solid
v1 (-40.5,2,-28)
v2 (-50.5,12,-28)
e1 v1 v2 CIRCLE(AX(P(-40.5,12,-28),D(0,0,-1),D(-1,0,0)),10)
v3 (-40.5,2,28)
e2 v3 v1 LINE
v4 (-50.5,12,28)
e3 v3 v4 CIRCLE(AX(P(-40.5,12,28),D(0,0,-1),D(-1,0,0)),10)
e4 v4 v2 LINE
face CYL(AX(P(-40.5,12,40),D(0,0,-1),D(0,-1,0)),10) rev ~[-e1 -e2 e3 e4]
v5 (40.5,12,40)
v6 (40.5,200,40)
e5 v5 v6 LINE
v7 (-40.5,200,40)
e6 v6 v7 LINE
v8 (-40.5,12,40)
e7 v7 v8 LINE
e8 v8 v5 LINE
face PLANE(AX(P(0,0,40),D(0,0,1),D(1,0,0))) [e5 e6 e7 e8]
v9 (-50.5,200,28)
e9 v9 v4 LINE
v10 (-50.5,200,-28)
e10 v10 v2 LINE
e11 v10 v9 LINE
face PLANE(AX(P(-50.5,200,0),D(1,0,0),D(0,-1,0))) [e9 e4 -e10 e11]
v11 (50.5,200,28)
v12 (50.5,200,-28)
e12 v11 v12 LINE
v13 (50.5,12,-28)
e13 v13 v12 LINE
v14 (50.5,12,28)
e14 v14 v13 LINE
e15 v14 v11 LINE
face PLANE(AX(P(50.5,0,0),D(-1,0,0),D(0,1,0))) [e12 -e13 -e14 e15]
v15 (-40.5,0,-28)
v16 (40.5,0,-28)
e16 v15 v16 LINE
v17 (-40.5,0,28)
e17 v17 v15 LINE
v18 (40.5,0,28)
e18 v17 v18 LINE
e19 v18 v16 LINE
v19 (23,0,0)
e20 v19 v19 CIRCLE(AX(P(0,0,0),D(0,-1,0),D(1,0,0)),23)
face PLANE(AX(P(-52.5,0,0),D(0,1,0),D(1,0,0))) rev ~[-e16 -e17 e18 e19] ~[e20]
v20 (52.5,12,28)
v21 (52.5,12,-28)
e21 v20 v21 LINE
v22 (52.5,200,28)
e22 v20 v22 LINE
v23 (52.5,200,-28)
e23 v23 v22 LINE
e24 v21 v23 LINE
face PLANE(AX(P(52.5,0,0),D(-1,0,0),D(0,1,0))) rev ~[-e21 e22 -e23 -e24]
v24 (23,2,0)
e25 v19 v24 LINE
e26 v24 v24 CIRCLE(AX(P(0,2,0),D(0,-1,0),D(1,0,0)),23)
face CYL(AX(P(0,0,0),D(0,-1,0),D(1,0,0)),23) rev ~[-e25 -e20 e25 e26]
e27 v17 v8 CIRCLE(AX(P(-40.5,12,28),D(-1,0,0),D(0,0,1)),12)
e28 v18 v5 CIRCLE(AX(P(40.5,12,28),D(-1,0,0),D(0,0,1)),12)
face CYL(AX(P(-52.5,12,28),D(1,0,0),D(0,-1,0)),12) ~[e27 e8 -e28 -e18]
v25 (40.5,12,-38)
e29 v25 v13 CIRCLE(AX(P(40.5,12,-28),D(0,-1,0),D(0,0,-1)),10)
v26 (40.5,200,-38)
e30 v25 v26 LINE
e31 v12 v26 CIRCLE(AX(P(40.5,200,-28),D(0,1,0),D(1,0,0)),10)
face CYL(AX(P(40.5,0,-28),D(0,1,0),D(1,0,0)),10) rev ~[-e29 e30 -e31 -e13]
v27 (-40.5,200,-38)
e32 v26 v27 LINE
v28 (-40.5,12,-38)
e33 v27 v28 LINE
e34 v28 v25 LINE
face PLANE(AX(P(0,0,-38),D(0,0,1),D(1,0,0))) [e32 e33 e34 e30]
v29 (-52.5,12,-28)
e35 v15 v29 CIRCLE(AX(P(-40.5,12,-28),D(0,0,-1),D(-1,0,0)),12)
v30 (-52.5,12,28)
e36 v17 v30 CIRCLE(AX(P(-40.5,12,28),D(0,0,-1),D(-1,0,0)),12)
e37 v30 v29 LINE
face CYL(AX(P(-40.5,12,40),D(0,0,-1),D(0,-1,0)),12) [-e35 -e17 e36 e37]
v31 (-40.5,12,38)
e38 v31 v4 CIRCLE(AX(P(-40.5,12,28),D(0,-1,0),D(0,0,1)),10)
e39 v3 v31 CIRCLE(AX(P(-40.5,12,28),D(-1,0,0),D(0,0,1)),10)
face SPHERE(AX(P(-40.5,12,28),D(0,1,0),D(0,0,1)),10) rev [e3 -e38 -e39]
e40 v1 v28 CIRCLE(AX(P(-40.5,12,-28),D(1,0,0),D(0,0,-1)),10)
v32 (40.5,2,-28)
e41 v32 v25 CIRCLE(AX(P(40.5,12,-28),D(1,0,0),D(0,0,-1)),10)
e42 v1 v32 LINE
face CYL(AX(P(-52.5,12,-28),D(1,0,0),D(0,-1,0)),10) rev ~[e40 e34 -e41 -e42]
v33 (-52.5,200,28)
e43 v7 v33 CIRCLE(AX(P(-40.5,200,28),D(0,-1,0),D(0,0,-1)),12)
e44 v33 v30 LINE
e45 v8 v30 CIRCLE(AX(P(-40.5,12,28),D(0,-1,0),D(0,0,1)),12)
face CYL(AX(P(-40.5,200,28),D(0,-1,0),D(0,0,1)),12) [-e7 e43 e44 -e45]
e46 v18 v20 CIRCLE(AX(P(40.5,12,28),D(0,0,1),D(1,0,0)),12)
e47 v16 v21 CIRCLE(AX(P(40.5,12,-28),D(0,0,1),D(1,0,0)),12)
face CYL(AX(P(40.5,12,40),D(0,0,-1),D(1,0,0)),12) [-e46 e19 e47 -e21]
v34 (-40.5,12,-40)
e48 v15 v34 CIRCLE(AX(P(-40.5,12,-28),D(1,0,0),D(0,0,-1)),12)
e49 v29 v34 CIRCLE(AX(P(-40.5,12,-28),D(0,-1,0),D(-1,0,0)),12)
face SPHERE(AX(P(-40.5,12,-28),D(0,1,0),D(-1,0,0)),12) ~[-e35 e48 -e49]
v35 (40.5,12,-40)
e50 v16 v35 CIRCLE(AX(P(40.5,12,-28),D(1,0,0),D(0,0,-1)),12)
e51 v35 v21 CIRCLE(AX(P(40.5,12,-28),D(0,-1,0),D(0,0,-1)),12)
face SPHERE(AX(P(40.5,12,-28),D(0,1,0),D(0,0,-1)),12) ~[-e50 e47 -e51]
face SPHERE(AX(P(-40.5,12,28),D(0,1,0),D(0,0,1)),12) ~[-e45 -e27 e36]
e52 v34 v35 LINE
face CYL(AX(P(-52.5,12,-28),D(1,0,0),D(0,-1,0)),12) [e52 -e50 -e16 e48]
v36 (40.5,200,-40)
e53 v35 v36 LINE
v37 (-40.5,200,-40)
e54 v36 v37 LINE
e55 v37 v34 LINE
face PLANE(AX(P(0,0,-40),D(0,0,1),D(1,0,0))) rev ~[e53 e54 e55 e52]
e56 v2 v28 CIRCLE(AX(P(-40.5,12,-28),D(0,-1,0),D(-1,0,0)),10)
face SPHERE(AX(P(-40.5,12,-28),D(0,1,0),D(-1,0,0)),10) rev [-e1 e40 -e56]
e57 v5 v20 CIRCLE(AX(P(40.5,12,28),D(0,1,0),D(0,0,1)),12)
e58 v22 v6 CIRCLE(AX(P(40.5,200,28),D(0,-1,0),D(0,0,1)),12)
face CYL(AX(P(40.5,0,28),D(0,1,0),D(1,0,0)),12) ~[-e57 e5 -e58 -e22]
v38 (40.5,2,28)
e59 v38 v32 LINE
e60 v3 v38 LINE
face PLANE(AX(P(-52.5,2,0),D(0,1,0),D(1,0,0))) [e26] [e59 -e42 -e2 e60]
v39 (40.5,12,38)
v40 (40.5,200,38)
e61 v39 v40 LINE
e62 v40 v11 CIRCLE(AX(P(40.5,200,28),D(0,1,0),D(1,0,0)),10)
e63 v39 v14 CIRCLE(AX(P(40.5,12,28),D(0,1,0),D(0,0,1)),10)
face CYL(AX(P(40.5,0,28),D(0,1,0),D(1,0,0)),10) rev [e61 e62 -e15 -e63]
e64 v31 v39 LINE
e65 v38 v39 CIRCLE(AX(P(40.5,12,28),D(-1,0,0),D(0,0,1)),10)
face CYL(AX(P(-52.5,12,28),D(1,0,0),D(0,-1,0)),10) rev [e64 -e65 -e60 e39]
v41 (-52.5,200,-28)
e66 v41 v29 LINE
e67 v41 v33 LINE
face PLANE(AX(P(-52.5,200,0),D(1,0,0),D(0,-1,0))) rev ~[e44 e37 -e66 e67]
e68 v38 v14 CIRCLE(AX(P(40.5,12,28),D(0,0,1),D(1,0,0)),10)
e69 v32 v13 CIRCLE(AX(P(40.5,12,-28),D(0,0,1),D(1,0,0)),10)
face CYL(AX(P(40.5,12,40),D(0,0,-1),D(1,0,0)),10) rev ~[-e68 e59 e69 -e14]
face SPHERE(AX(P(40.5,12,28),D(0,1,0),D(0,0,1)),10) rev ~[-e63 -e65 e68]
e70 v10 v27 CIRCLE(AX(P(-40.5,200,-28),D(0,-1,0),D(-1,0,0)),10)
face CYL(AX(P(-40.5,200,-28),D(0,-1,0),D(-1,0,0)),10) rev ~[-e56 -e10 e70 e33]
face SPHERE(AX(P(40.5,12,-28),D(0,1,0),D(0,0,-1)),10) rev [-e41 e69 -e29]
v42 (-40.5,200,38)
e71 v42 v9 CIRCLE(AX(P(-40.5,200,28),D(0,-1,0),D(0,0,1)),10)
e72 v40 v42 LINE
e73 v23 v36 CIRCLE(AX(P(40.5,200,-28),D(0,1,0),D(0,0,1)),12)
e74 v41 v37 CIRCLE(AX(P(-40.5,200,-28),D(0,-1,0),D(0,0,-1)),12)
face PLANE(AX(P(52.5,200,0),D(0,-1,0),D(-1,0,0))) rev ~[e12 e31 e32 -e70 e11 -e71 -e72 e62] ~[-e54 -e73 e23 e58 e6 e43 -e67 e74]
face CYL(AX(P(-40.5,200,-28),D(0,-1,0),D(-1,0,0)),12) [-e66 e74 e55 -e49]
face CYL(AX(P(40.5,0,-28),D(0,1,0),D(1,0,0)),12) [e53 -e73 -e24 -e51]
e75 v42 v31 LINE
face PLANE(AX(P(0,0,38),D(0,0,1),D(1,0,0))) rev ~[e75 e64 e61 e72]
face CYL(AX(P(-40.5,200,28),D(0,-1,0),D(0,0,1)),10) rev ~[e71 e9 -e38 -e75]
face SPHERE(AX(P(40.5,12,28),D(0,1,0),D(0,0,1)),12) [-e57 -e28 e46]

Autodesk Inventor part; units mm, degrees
ref_plane "YZ Plane" through (0, 0, 0) normal (1, 0, 0) x (0, 1, 0)
ref_plane "XZ Plane" through (0, 0, 0) normal (0, 1, 0) x (-1, 0, 0)
ref_plane "XY Plane" through (0, 0, 0) normal (0, 0, 1) x (1, 0, 0)
sketch "Sketch1" plane through (0, 0, 0) normal (0, 0, 1) x (1, 0, 0)
  line L0 (52.5, 200) -> (-52.5, 200)
  line L1 (-52.5, 200) -> (-52.5, 0)
  line L2 (-52.5, 0) -> (52.5, 0)
  line L3 (52.5, 0) -> (52.5, 200)
  point P0 (0, 0)
  point P1 (0, 0)
  dimension "d0" = 105
  dimension "d1" = 200
extrude "Extrusion1" add sketch "Sketch1" along normal mid plane 80
fillet "Fillet1" radius 12 8 edges at (52.5, 100, 40) (52.5, 100, -40) (-52.5, 100, 40) (-52.5, 100, -40) (0, 0, 40) (-52.5, 0, 0) (0, 0, -40) (52.5, 0, 0)
shell "Shell1" thickness 2 removed faces 1 at (-13.5, 200, 13.3333)
sketch "Sketch2" plane through (-40.5, 0, 28) normal (0, -1, 0) x (1, 0, 0)
  circle A0 centre (40.5, -28) radius 25 construction
  circle A1 centre (40.5, -28) radius 23
  dimension "d6" = 2
  dimension "d9" = 50
extrude "Extrusion2" cut sketch "Sketch2" against normal blind 5
properties part number "silo"
